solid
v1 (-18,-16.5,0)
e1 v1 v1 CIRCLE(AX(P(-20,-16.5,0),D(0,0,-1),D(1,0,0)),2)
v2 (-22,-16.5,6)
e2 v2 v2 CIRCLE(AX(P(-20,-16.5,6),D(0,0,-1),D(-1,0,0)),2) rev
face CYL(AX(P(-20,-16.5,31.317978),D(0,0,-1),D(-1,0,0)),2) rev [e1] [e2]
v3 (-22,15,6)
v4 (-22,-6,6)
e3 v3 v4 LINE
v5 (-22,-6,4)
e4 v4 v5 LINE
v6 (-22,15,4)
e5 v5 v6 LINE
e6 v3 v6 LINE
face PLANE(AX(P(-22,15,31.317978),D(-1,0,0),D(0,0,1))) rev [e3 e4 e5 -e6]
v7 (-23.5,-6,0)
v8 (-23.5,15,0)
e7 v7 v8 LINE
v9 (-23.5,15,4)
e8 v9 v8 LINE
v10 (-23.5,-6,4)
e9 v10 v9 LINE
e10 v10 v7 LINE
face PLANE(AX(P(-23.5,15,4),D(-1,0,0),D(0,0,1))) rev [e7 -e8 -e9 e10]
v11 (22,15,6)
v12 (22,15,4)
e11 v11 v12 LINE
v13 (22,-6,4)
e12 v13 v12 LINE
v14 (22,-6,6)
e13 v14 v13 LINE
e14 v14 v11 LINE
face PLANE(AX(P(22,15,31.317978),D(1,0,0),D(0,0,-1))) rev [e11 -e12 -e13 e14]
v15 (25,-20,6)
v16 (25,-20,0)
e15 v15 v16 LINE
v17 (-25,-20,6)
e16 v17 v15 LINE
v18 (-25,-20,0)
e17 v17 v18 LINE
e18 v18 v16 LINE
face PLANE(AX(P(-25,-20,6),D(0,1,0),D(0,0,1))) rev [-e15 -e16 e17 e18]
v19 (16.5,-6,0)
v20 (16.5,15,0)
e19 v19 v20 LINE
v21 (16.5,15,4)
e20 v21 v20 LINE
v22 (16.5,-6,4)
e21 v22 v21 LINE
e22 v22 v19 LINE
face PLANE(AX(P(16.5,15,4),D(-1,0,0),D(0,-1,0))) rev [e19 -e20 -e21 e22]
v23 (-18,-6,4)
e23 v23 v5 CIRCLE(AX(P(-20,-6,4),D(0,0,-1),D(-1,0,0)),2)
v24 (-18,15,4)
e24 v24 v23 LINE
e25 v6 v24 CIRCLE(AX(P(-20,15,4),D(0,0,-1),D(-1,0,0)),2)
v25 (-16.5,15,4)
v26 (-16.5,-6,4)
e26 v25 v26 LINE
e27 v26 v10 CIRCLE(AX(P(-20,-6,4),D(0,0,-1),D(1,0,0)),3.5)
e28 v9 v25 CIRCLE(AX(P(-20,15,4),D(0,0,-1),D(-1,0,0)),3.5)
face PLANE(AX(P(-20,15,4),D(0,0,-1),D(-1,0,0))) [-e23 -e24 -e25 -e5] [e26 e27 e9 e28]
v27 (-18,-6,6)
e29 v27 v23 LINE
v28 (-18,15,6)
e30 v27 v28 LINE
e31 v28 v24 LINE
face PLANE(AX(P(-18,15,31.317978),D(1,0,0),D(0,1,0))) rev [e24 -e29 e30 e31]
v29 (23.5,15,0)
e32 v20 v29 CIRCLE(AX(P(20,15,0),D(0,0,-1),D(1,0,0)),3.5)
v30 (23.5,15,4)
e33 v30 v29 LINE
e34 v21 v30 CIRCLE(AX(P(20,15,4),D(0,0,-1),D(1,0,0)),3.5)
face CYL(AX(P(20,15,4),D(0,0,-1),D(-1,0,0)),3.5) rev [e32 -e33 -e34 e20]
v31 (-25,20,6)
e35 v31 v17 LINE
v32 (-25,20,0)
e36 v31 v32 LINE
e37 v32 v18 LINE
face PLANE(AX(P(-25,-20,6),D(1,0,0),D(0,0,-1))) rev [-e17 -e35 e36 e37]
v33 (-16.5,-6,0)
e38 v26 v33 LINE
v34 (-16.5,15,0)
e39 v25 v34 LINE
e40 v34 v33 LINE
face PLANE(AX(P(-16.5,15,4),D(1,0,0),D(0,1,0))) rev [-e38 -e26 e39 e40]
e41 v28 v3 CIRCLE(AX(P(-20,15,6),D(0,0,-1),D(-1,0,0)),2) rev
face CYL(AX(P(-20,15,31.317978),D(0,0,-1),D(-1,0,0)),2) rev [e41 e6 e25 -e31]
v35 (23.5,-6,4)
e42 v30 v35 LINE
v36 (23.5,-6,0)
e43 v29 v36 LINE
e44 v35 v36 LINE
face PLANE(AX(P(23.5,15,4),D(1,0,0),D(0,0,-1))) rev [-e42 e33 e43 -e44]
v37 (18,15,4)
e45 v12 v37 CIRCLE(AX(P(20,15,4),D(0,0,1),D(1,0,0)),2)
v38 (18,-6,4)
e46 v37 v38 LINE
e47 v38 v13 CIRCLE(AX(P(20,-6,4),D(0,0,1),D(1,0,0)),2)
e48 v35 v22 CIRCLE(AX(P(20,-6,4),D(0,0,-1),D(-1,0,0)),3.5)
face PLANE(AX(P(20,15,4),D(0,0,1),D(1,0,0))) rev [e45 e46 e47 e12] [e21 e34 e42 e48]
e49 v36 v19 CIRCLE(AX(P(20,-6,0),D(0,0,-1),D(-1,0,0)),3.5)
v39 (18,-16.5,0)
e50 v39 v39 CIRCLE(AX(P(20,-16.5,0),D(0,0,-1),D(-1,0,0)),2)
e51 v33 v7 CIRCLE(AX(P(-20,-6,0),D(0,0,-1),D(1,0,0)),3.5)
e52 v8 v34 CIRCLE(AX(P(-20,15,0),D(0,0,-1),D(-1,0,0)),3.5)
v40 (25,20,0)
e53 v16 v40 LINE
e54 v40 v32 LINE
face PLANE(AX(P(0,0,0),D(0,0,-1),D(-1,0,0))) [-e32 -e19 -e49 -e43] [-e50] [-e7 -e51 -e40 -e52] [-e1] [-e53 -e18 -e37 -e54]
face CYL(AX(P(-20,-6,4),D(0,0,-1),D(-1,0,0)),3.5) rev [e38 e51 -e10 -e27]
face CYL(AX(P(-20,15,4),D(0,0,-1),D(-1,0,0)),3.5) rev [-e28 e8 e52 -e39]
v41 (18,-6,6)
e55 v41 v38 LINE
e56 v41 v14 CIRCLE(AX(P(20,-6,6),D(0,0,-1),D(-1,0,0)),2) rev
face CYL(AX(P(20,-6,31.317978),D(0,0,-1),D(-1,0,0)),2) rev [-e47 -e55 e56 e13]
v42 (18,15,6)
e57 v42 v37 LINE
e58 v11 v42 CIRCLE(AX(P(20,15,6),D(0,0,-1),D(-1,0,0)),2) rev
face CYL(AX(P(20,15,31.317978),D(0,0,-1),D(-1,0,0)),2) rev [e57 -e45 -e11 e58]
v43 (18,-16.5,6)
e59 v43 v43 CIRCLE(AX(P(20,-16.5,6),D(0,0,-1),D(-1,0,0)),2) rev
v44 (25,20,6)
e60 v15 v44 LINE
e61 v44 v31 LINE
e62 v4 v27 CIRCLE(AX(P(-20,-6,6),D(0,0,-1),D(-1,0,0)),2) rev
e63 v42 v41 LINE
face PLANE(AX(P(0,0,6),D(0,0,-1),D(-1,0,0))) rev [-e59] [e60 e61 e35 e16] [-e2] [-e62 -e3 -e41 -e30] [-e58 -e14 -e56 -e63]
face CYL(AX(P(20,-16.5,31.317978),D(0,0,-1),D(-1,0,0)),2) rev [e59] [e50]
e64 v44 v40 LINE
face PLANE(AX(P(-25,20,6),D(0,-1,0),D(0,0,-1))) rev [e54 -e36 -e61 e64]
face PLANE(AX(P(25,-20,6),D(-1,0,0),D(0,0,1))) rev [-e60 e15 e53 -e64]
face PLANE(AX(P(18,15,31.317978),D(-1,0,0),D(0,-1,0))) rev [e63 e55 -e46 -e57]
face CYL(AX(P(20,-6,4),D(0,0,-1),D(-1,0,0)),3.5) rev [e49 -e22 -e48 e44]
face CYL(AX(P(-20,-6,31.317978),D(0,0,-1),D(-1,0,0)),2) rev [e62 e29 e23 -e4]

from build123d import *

# Parameters (mm, degrees)
SKETCH1_W           = 50
SKETCH1_H           = 40
BOSS_EXTRUDE1_DEPTH = 6
CUT_EXTRUDE3_DEPTH  = 4
SKETCH7_R           = 2
CUT_EXTRUDE4_DEPTH  = 6


with BuildPart() as part:
    # Sketch1 → Boss-Extrude1 (new body)
    with BuildSketch(Plane.XY):
        Rectangle(SKETCH1_W, SKETCH1_H)
    extrude(amount=BOSS_EXTRUDE1_DEPTH)

    # Sketch6 → Cut-Extrude3 (cut)
    with BuildSketch(Plane(origin=(0, 0, 0), x_dir=(-1, 0, 0), z_dir=(0, 0, -1))):
        with BuildLine():
            Line((-16.5, 15), (-16.5, -6))
            ThreePointArc((-16.5, -6), (-20, -9.5), (-23.5, -6))
            Line((-23.5, -6), (-23.5, 15))
            ThreePointArc((-23.5, 15), (-20, 18.5), (-16.5, 15))
        make_face()
        with BuildLine():
            Line((23.5, 15), (23.5, -6))
            ThreePointArc((23.5, -6), (20, -9.5), (16.5, -6))
            Line((16.5, -6), (16.5, 15))
            ThreePointArc((16.5, 15), (20, 18.5), (23.5, 15))
        make_face()
    extrude(amount=-CUT_EXTRUDE3_DEPTH, mode=Mode.SUBTRACT)

    # Sketch7 → Cut-Extrude4 (cut)
    with BuildSketch(Plane(origin=(0, 0, 0), x_dir=(-1, 0, 0), z_dir=(0, 0, -1))):
        with Locations((-20, -16.5)):
            Circle(SKETCH7_R)
        with Locations((20, -16.5)):
            Circle(SKETCH7_R)
        with BuildLine():
            Line((-22, 15), (-22, -6))
            ThreePointArc((-22, -6), (-20, -8), (-18, -6))
            Line((-18, -6), (-18, 15))
            ThreePointArc((-18, 15), (-20, 17), (-22, 15))
        make_face()
        with BuildLine():
            Line((18, 15), (18, -6))
            ThreePointArc((18, -6), (20, -8), (22, -6))
            Line((22, -6), (22, 15))
            ThreePointArc((22, 15), (20, 17), (18, 15))
        make_face()
    extrude(amount=-CUT_EXTRUDE4_DEPTH, mode=Mode.SUBTRACT)


solid = part.part
